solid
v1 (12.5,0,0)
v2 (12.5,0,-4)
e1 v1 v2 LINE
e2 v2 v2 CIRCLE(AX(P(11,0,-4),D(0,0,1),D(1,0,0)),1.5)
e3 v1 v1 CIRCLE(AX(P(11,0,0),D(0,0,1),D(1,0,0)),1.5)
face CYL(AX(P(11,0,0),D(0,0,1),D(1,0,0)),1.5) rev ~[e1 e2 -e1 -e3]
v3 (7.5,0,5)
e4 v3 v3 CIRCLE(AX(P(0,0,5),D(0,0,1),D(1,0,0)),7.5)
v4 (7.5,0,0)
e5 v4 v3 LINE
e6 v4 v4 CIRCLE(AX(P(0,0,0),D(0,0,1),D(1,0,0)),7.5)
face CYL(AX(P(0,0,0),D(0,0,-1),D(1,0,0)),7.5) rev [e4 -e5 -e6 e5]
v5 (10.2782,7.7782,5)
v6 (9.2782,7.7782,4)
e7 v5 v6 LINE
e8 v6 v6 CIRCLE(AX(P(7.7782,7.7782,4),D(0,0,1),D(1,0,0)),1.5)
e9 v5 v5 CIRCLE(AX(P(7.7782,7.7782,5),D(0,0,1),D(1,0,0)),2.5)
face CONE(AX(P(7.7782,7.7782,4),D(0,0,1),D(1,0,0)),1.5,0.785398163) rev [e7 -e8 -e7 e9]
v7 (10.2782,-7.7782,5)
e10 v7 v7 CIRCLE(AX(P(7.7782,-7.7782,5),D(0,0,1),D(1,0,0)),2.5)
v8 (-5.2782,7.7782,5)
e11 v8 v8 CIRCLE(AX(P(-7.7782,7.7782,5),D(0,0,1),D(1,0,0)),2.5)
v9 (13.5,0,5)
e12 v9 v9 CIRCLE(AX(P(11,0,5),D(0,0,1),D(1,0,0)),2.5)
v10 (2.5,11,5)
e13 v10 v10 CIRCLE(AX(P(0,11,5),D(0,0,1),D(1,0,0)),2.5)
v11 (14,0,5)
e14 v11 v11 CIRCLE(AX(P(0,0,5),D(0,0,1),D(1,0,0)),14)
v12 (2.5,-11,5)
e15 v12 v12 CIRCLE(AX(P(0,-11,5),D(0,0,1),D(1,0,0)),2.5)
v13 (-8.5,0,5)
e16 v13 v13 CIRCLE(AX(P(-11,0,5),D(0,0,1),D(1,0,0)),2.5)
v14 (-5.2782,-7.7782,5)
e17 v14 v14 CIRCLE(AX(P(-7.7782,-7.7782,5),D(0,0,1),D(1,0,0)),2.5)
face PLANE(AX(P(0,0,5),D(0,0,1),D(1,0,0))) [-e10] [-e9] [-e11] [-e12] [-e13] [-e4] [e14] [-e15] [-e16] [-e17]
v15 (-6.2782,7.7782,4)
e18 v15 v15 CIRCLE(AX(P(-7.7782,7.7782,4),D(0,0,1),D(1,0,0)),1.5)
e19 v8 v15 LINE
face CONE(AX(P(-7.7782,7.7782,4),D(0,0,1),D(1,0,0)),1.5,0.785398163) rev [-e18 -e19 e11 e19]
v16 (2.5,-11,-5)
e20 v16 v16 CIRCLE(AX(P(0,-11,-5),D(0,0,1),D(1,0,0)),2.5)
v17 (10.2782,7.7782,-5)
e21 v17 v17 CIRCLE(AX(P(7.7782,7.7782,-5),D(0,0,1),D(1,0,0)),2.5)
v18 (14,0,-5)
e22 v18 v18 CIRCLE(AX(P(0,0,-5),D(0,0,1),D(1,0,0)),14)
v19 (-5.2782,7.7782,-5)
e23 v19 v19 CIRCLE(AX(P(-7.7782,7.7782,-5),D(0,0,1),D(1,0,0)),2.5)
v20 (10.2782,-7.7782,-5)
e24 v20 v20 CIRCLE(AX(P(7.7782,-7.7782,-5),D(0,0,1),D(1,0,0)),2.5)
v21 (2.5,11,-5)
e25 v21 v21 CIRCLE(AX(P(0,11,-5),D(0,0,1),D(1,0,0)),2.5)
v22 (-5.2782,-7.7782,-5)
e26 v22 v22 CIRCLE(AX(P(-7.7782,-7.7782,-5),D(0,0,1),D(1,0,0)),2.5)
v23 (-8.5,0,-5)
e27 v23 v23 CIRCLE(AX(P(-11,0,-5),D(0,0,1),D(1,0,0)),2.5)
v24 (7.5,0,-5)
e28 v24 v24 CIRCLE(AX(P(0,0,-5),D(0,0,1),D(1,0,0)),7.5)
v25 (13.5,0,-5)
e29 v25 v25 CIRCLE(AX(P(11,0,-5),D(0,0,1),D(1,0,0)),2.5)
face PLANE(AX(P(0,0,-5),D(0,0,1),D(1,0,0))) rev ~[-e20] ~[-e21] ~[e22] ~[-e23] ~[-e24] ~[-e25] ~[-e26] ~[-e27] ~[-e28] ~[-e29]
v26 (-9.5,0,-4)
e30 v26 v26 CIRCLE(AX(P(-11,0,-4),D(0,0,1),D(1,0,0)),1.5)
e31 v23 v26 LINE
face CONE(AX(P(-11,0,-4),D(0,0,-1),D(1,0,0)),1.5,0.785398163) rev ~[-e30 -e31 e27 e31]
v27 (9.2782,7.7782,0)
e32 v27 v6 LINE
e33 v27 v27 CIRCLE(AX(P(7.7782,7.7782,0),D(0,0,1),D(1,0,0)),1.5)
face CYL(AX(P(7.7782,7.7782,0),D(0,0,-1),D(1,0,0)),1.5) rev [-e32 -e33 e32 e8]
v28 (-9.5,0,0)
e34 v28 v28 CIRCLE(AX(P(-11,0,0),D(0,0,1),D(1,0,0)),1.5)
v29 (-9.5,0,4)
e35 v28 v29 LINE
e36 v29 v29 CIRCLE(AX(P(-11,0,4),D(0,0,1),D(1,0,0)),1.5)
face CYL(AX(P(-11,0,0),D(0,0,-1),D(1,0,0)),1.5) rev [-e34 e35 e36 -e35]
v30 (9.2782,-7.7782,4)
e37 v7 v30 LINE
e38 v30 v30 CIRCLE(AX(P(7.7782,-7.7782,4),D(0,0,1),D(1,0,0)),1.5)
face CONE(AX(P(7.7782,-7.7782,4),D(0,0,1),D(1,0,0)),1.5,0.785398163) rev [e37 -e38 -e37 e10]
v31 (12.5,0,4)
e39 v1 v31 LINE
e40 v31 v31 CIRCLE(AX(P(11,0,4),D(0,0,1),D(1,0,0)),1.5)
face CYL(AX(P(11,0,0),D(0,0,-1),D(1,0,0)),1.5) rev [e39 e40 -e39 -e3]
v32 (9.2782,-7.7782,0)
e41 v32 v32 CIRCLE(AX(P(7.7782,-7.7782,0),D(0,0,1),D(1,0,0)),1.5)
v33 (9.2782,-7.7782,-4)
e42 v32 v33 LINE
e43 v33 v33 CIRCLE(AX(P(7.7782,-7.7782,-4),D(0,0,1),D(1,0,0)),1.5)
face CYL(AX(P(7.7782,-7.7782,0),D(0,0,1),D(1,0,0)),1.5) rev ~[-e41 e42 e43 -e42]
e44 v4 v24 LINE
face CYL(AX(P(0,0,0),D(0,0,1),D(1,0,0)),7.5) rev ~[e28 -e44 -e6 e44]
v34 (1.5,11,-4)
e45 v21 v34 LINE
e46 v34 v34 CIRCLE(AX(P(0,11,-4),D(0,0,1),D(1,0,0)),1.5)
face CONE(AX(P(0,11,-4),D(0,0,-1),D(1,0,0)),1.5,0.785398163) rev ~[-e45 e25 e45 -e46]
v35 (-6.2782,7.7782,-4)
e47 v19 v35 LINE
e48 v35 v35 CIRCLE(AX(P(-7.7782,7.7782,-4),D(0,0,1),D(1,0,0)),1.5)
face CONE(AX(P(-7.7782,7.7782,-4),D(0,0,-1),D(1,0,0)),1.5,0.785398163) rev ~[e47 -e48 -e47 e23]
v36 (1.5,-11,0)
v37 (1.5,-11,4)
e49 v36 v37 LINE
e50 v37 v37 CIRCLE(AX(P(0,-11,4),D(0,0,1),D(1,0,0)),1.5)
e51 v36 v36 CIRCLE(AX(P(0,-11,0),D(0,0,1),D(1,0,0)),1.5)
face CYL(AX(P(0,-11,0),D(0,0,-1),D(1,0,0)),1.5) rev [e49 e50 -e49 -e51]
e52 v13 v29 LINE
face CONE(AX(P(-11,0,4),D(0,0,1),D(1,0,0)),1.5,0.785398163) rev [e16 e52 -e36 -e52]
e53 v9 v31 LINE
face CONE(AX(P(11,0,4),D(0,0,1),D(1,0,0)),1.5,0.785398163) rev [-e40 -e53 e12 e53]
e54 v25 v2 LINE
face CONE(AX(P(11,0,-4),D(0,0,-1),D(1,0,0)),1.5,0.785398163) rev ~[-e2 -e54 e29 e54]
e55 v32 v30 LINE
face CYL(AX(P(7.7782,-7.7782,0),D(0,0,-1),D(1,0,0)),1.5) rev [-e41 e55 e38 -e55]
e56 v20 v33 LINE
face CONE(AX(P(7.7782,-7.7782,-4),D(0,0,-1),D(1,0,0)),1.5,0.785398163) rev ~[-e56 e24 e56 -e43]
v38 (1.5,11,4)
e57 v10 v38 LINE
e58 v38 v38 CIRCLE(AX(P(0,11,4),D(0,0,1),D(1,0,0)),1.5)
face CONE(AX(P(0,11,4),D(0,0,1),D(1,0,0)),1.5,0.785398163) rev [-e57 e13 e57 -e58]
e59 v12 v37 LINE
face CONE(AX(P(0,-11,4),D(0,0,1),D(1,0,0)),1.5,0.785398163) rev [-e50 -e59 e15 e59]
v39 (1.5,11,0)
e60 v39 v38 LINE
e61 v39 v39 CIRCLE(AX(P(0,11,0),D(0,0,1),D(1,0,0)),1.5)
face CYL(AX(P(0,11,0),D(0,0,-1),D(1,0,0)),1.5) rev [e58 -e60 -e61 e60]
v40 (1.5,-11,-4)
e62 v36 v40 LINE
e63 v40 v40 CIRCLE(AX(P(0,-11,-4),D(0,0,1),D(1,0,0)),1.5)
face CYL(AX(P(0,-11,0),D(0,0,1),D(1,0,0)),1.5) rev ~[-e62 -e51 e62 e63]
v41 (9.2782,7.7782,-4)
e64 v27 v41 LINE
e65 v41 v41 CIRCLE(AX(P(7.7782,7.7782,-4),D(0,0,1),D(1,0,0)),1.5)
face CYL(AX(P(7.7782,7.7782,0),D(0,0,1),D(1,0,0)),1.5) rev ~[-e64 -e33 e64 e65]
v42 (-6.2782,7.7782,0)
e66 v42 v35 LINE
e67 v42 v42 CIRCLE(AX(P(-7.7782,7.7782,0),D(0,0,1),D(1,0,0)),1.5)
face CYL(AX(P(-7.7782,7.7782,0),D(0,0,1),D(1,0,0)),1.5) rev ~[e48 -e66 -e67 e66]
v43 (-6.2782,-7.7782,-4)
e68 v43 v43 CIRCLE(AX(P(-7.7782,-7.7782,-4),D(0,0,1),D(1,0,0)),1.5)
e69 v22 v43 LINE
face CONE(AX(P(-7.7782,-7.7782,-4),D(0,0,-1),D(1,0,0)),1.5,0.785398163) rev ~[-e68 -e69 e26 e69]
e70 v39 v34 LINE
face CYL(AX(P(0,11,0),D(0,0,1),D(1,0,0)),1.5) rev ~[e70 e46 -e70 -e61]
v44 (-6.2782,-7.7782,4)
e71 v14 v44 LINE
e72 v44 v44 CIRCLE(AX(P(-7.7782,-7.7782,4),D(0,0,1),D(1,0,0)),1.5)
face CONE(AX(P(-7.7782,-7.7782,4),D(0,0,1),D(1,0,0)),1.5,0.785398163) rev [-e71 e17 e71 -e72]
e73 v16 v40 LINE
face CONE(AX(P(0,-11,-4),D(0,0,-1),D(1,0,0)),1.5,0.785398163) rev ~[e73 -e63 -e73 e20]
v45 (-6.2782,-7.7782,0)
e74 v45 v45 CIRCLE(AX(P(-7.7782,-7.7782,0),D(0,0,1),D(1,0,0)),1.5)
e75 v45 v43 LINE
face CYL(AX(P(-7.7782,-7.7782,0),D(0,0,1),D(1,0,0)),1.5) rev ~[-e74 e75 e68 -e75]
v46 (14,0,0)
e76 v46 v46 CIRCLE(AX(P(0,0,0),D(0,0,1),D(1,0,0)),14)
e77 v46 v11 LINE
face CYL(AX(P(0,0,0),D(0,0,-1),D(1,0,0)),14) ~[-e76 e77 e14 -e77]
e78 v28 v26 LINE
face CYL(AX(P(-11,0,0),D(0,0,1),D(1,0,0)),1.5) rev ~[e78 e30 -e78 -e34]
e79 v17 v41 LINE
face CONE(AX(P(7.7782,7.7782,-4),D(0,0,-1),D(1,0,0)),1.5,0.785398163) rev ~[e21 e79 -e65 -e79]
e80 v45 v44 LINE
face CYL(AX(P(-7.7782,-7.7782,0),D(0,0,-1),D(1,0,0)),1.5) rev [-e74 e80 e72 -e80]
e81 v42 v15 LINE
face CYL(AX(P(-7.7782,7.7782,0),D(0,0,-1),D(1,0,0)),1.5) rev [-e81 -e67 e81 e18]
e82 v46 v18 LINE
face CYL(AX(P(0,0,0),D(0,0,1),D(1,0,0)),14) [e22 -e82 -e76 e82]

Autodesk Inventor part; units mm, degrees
ref_plane "YZ Plane" through (0, 0, 0) normal (1, 0, 0) x (0, 1, 0)
ref_plane "XZ Plane" through (0, 0, 0) normal (0, 1, 0) x (-1, 0, 0)
ref_plane "XY Plane" through (0, 0, 0) normal (0, 0, 1) x (1, 0, 0)
sketch "Sketch1" plane through (0, 0, 0) normal (0, 0, 1) x (1, 0, 0)
  circle A0 centre (0, 0) radius 14
  circle A1 centre (0, 0) radius 7.5
  circle A2 centre (0, 11) radius 1.5
  circle A3 centre (-7.7782, 7.7782) radius 1.5
  circle A4 centre (-11, 0) radius 1.5
  circle A5 centre (-7.7782, -7.7782) radius 1.5
  circle A6 centre (0, -11) radius 1.5
  circle A7 centre (7.7782, -7.7782) radius 1.5
  circle A8 centre (11, 0) radius 1.5
  circle A9 centre (7.7782, 7.7782) radius 1.5
  dimension "d0" = 28
  dimension "d1" = 15
  dimension "d2" = 3
  dimension "d5" = 360
extrude "Extrusion1" add sketch "Sketch1" along normal mid plane 10
chamfer "Chamfer1" distance 1 angle 45 16 edges at (-9.2782, 7.7782, 5) (-1.5, 11, 5) (-9.2782, -7.7782, 5) (-12.5, 0, 5) (-12.5, 0, -5) (-9.2782, -7.7782, -5) (-1.5, 11, -5) (-9.2782, 7.7782, -5) (-1.5, -11, -5) (6.2782, -7.7782, -5) (9.5, 0, -5) (6.2782, 7.7782, -5) (6.2782, 7.7782, 5) (9.5, 0, 5) (6.2782, -7.7782, 5) (-1.5, -11, 5)
properties part number "shoulder_spacer"
